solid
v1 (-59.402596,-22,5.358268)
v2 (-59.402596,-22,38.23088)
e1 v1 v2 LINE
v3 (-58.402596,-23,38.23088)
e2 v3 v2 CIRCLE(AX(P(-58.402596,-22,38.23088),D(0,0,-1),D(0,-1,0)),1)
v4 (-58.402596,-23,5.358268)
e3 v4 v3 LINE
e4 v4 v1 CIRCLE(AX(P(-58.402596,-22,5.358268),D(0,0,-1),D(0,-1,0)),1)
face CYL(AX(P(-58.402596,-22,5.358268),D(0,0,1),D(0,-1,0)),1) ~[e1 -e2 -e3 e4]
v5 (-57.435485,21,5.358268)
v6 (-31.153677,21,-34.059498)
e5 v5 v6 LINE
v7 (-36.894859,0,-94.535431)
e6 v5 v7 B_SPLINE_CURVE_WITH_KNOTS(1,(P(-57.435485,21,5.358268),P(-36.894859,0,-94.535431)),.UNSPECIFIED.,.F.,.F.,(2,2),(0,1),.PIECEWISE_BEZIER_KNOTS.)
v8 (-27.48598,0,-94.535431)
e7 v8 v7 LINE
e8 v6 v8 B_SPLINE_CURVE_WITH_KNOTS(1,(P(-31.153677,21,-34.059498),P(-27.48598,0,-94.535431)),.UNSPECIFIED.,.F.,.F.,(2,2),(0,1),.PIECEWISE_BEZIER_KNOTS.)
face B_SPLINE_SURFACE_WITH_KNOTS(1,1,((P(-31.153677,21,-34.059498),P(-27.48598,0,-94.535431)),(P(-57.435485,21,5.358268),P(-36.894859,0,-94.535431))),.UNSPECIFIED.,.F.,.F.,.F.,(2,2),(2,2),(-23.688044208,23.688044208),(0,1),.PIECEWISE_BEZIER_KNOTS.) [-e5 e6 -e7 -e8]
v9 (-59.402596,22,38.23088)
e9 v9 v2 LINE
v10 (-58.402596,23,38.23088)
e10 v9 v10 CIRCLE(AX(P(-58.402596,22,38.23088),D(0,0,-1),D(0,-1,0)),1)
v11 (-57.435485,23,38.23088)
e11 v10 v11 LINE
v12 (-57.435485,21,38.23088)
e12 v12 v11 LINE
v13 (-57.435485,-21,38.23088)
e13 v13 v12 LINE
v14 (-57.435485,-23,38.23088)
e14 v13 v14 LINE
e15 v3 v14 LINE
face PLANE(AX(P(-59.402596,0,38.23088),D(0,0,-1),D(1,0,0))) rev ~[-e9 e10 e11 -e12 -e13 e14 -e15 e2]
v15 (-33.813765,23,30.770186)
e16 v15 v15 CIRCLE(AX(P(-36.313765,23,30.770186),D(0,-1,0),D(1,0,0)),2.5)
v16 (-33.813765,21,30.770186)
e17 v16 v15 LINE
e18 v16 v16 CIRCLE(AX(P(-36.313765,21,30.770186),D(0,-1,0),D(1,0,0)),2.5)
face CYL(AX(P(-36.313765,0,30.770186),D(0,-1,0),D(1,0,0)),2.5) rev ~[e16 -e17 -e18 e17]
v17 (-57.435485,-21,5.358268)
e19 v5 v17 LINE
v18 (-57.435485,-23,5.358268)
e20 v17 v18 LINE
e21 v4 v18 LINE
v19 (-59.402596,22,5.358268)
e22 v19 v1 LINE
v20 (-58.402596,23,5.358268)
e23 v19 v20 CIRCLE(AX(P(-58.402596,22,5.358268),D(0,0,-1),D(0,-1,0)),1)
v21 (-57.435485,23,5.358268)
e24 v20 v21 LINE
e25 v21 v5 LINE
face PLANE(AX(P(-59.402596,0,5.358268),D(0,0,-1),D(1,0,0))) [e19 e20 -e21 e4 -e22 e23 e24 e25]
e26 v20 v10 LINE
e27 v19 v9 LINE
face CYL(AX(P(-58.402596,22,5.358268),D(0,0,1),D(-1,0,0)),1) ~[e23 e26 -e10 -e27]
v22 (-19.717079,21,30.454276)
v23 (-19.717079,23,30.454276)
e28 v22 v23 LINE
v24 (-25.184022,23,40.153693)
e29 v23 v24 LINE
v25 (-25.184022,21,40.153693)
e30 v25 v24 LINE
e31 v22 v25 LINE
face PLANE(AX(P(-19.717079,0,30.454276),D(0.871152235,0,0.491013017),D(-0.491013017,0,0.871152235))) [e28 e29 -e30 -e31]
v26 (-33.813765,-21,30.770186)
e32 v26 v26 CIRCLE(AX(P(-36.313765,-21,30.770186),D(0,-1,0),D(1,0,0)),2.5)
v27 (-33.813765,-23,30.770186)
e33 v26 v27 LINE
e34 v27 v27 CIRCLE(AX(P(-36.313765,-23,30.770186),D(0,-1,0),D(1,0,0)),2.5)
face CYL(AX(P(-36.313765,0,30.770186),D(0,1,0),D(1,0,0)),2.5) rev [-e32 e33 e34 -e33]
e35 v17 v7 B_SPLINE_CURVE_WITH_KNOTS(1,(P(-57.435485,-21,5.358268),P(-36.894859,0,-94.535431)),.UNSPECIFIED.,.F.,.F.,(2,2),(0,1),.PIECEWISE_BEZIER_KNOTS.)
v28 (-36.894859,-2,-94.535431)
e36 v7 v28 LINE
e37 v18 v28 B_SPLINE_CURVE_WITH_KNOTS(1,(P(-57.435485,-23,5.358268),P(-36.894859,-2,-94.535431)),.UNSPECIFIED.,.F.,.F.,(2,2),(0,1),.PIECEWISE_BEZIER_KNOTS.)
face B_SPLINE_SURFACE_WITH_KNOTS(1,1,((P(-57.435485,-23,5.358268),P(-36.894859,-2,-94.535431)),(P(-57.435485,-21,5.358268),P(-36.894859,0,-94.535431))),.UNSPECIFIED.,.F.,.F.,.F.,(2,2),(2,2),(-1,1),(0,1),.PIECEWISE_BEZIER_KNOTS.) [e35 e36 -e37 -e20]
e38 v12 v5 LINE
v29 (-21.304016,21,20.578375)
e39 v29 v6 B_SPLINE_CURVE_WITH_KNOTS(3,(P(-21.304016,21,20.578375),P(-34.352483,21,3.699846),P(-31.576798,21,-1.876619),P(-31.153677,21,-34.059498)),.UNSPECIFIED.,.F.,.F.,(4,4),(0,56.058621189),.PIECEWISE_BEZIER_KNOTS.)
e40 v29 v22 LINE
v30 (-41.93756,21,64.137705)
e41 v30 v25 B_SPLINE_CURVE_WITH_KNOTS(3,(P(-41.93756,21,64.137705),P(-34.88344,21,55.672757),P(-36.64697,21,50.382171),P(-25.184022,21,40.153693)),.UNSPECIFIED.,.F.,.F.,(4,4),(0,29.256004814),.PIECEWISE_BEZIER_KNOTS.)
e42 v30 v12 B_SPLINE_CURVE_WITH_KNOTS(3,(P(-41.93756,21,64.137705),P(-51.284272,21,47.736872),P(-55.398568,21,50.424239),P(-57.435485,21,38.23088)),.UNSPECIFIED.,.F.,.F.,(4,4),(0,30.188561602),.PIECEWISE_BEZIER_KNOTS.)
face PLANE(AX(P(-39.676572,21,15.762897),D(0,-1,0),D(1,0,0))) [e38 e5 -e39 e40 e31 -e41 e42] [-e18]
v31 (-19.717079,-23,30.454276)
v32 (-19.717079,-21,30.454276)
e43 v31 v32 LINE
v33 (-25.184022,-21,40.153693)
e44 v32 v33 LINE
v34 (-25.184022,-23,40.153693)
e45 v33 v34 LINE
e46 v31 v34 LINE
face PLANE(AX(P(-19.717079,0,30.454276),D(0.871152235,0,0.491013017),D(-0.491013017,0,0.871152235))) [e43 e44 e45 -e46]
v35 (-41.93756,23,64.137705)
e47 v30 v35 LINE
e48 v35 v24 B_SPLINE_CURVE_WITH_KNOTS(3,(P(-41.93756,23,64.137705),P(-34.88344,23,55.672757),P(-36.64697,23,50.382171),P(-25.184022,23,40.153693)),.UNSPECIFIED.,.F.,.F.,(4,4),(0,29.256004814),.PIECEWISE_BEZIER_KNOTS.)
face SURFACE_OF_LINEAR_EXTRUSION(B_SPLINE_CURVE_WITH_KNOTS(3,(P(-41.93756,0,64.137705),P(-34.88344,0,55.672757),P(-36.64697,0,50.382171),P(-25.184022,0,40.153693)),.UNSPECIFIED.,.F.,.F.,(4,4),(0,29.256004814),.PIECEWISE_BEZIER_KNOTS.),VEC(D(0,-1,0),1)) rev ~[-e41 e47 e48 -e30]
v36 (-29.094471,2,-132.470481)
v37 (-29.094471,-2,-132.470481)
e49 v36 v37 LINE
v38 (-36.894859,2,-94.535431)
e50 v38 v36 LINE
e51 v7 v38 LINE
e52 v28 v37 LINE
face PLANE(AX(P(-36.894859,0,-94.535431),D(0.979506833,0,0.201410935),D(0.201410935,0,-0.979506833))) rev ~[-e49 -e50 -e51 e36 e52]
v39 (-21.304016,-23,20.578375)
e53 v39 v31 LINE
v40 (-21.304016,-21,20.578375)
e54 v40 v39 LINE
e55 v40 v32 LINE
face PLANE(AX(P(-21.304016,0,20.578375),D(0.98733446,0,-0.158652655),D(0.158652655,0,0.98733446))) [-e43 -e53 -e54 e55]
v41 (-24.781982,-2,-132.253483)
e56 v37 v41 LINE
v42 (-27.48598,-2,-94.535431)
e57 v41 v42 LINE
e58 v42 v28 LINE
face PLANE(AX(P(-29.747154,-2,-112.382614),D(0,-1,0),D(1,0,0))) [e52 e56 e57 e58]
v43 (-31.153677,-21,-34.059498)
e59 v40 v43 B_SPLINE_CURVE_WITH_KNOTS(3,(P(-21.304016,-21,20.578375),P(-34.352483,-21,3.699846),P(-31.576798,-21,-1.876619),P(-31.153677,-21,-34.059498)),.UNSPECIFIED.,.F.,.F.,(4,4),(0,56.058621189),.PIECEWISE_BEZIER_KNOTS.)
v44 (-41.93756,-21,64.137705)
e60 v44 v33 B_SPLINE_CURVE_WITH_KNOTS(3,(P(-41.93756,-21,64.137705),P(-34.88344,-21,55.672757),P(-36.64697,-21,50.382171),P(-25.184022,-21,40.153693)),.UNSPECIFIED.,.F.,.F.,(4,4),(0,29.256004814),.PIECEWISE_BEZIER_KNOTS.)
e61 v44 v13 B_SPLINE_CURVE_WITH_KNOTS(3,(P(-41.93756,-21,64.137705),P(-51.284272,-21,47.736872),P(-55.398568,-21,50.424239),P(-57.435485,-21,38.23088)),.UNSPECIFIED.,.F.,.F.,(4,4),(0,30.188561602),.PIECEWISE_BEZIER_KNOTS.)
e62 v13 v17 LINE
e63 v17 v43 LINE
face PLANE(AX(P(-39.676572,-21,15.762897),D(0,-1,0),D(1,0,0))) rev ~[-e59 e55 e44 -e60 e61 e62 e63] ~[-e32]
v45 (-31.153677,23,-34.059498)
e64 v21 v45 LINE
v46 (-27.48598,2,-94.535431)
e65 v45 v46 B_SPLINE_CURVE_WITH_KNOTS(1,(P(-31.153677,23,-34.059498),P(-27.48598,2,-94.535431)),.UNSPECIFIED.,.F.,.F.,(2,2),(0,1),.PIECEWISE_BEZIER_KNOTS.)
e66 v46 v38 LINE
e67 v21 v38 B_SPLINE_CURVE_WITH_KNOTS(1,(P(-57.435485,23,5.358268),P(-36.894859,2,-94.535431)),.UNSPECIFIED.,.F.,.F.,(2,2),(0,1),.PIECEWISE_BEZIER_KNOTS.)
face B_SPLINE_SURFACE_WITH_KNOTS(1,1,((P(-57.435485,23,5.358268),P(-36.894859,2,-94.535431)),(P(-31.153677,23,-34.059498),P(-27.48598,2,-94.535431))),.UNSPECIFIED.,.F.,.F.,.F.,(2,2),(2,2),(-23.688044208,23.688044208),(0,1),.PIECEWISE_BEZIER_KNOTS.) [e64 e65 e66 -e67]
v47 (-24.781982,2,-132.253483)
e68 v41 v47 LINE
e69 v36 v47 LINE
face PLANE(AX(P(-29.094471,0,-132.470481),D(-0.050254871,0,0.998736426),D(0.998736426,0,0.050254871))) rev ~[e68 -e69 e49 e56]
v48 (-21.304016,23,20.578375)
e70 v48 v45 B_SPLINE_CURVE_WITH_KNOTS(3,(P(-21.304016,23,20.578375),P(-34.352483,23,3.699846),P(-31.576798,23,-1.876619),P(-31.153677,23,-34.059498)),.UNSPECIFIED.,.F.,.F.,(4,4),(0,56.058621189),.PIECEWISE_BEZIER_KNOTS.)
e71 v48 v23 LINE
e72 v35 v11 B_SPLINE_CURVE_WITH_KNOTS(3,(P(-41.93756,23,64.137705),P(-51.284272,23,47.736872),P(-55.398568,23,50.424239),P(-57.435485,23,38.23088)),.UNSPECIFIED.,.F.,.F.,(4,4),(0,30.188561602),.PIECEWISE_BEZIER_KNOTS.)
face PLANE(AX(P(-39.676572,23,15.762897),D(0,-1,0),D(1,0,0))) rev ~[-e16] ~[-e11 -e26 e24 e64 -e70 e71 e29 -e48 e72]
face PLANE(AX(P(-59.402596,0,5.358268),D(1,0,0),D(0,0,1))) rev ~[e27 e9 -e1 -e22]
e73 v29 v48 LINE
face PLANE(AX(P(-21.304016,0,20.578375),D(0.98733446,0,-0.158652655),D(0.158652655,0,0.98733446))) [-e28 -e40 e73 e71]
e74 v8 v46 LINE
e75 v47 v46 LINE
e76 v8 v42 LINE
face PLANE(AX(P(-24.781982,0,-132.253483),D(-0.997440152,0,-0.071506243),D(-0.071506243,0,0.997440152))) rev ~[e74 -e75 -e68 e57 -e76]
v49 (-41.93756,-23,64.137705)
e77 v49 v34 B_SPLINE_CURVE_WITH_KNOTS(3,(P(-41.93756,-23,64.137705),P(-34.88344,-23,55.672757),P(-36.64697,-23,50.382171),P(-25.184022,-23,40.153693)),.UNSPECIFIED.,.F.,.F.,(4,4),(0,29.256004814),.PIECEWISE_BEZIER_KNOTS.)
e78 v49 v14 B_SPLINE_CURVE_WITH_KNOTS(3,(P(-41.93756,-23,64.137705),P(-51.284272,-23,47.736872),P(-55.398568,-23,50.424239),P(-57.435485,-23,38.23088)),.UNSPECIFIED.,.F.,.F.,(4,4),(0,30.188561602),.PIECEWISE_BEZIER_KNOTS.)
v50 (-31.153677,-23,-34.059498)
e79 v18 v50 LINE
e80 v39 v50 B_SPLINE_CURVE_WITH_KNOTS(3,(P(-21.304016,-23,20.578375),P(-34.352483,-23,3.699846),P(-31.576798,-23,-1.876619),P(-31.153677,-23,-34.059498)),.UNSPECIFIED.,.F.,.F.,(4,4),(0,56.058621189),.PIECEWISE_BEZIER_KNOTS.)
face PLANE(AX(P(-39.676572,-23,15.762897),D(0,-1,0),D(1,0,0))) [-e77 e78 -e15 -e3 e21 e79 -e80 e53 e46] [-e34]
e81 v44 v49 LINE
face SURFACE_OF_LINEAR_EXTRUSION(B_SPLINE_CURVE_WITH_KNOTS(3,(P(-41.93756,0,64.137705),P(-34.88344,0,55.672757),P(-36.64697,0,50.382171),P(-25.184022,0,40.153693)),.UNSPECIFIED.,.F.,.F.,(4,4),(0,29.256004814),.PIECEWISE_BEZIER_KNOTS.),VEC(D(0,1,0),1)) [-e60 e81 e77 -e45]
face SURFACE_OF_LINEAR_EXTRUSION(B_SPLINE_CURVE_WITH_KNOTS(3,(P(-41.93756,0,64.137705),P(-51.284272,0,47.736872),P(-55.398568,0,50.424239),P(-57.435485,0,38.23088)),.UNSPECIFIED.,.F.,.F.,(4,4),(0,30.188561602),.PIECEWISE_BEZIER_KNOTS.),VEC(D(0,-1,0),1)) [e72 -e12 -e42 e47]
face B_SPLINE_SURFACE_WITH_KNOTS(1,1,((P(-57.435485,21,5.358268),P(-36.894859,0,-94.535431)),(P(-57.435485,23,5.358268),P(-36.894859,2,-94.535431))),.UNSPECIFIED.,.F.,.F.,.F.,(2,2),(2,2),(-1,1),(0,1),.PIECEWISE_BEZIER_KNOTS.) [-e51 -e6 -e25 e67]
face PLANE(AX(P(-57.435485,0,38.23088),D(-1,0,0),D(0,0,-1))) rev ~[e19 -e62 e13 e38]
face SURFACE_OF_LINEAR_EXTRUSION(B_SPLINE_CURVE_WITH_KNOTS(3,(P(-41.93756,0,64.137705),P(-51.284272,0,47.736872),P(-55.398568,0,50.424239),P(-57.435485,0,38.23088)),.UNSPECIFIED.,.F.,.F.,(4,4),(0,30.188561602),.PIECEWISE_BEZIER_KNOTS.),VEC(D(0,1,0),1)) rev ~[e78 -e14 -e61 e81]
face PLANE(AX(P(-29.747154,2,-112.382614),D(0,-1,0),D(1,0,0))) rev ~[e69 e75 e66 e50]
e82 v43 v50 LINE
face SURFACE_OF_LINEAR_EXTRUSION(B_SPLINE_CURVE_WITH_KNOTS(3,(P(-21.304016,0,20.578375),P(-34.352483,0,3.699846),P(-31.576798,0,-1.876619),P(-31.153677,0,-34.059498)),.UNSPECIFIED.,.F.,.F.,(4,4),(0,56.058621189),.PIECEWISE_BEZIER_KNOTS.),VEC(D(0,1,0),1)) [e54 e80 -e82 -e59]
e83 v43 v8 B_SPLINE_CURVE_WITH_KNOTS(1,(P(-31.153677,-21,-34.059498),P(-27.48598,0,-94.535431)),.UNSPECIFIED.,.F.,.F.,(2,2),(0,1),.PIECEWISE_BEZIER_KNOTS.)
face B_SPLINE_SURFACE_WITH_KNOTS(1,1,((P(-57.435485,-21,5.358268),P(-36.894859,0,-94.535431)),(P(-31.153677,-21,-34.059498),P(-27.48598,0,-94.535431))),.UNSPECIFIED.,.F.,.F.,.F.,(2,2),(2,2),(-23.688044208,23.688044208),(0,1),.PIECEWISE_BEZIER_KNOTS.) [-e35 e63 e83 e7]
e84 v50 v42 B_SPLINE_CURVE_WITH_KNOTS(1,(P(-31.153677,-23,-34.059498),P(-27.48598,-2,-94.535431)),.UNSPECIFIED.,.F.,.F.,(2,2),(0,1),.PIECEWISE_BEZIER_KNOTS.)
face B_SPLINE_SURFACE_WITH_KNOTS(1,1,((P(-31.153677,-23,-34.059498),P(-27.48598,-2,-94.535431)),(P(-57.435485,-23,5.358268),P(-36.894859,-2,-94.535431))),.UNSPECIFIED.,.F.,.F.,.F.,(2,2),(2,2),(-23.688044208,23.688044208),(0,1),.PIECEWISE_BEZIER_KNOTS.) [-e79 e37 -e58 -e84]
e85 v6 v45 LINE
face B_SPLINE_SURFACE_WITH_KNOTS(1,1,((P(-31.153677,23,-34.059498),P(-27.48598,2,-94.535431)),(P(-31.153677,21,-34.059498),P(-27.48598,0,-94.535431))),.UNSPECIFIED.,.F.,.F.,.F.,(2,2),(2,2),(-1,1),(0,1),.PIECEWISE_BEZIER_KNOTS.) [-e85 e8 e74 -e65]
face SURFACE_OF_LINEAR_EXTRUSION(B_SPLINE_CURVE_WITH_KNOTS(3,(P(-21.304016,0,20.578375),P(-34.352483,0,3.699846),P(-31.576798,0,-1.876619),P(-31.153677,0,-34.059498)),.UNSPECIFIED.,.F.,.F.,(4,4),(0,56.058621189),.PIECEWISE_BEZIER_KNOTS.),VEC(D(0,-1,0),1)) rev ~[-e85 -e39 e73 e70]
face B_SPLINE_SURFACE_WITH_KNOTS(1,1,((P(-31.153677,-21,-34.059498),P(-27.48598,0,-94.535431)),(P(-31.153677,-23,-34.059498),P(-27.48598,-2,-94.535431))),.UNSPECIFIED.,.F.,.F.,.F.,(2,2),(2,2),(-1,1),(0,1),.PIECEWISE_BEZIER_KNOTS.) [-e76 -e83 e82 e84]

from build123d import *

# Parameters (mm, degrees)
F1_DEPTH                 = 2
F0_R                     = 2.5
F0_W                     = 1.9671103259
F0_H                     = 32.8726123017
F2_DEPTH                 = 23
F3_DEPTH                 = 21
F3_FACE_W                = 2
F3_FACE_H                = 47.3760884154
FLPUHT3DEIL0ECL_2_FACE_W = 9.4088794868
FLPUHT3DEIL0ECL_2_FACE_H = 2
F5_DEPTH                 = 2
F5_FACE_W                = 9.4088794868
F5_FACE_H                = 2
F7_R                     = 1


with BuildPart() as f1:
    # F0 (on Front) → F1 (new body)
    with BuildSketch(Plane.XZ):
        Polygon((-27.4859799968, -94.5354314736), (-36.8948594836, -94.5354314736), (-29.0944709842, -132.4704811186), (-24.7819819802, -132.2534833467), align=None)
    extrude(amount=-F1_DEPTH)



with BuildPart() as f2:
    # F0 (on Front) → F2 (new body, symmetric)
    with BuildSketch(Plane.XZ):
        with BuildLine():
            Line((-57.4354853918, 38.2308801777), (-57.4354853918, 5.358267876))
            Line((-57.4354853918, 5.358267876), (-31.1536770314, -34.0594984591))
            add(Edge.make_bspline(
                [(-21.304015945, 20.5783754124), (-34.3524827141, 3.69984575), (-31.5767975227, -1.8766191306), (-31.1536770314, -34.0594984591)],
                knots=[0, 0, 0, 0, 56.0586211891, 56.0586211891, 56.0586211891, 56.0586211891], degree=3))
            Line((-21.304015945, 20.5783754124), (-19.717078656, 30.4542761296))
            Line((-19.717078656, 30.4542761296), (-25.1840222627, 40.1536934078))
            add(Edge.make_bspline(
                [(-41.9375598431, 64.1377046704), (-34.8834395409, 55.6727573276), (-36.6469696164, 50.3821708262), (-25.1840222627, 40.1536934078)],
                knots=[0, 0, 0, 0, 29.2560048145, 29.2560048145, 29.2560048145, 29.2560048145], degree=3))
            add(Edge.make_bspline(
                [(-41.9375598431, 64.1377046704), (-51.2842722237, 47.7368719876), (-55.3985677235, 50.4242394975), (-57.4354853918, 38.2308801777)],
                knots=[0, 0, 0, 0, 30.1885616022, 30.1885616022, 30.1885616022, 30.1885616022], degree=3))
        make_face()
        with Locations((-36.313764751, 30.7701863348)):
            Circle(F0_R, mode=Mode.SUBTRACT)
        with Locations((-58.4190405548, 21.7945740269)):
            Rectangle(F0_W, F0_H)
    extrude(amount=F2_DEPTH, both=True)

    # F0 (on Front) → F3 (cut, symmetric)
    with BuildSketch(Plane.XZ):
        with BuildLine():
            Line((-57.4354853918, 38.2308801777), (-57.4354853918, 5.358267876))
            Line((-57.4354853918, 5.358267876), (-31.1536770314, -34.0594984591))
            add(Edge.make_bspline(
                [(-21.304015945, 20.5783754124), (-34.3524827141, 3.69984575), (-31.5767975227, -1.8766191306), (-31.1536770314, -34.0594984591)],
                knots=[0, 0, 0, 0, 56.0586211891, 56.0586211891, 56.0586211891, 56.0586211891], degree=3))
            Line((-21.304015945, 20.5783754124), (-19.717078656, 30.4542761296))
            Line((-19.717078656, 30.4542761296), (-25.1840222627, 40.1536934078))
            add(Edge.make_bspline(
                [(-41.9375598431, 64.1377046704), (-34.8834395409, 55.6727573276), (-36.6469696164, 50.3821708262), (-25.1840222627, 40.1536934078)],
                knots=[0, 0, 0, 0, 29.2560048145, 29.2560048145, 29.2560048145, 29.2560048145], degree=3))
            add(Edge.make_bspline(
                [(-41.9375598431, 64.1377046704), (-51.2842722237, 47.7368719876), (-55.3985677235, 50.4242394975), (-57.4354853918, 38.2308801777)],
                knots=[0, 0, 0, 0, 30.1885616022, 30.1885616022, 30.1885616022, 30.1885616022], degree=3))
        make_face()
        with Locations((-36.313764751, 30.7701863348)):
            Circle(F0_R, mode=Mode.SUBTRACT)
    extrude(amount=F3_DEPTH, both=True, mode=Mode.SUBTRACT)


with BuildPart() as f1_1:
    add(f1.part)

    add(f2.part)  # F4 merges F2
    # F3_face (on face) → F4 section 0
    with BuildSketch(Plane(origin=(-44.2945812116, 22, -14.3506152915), x_dir=(0, -1, 0), z_dir=(-0.8320181689, 0, -0.5547483813))):
        Rectangle(F3_FACE_W, F3_FACE_H)
    # FlpuHt3dEil0ecl_2_face (on face) → F4 section 1
    with BuildSketch(Plane(origin=(-32.1904197402, 1, -94.5354314736), x_dir=(1, 0, 0), z_dir=(0, 0, 1))):
        Rectangle(FLPUHT3DEIL0ECL_2_FACE_W, FLPUHT3DEIL0ECL_2_FACE_H)
    loft()

    # F0 (on Front) → F5 (join)
    with BuildSketch(Plane.XZ):
        Polygon((-27.4859799968, -94.5354314736), (-36.8948594836, -94.5354314736), (-29.0944709842, -132.4704811186), (-24.7819819802, -132.2534833467), align=None)
    extrude(amount=F5_DEPTH)

    # F3_face (on face) → F6 section 0
    with BuildSketch(Plane(origin=(-44.2945812116, 22, -14.3506152915), x_dir=(0, -1, 0), z_dir=(-0.8320181689, 0, -0.5547483813))):
        with Locations((44, 0)):
            Rectangle(F3_FACE_W, F3_FACE_H)
    # F5_face (on face) → F6 section 1
    with BuildSketch(Plane(origin=(-32.1904197402, -1, -94.5354314736), x_dir=(1, 0, 0), z_dir=(0, 0, 1))):
        Rectangle(F5_FACE_W, F5_FACE_H)
    loft()

    # F7
    f7_edges = [f1_1.edges().sort_by_distance(p)[0] for p in [
        (-59.402596, -23, 21.794574),
        (-59.402596, 23, 21.794574),
    ]]
    fillet(f7_edges, radius=F7_R)


solid = f1_1.part
